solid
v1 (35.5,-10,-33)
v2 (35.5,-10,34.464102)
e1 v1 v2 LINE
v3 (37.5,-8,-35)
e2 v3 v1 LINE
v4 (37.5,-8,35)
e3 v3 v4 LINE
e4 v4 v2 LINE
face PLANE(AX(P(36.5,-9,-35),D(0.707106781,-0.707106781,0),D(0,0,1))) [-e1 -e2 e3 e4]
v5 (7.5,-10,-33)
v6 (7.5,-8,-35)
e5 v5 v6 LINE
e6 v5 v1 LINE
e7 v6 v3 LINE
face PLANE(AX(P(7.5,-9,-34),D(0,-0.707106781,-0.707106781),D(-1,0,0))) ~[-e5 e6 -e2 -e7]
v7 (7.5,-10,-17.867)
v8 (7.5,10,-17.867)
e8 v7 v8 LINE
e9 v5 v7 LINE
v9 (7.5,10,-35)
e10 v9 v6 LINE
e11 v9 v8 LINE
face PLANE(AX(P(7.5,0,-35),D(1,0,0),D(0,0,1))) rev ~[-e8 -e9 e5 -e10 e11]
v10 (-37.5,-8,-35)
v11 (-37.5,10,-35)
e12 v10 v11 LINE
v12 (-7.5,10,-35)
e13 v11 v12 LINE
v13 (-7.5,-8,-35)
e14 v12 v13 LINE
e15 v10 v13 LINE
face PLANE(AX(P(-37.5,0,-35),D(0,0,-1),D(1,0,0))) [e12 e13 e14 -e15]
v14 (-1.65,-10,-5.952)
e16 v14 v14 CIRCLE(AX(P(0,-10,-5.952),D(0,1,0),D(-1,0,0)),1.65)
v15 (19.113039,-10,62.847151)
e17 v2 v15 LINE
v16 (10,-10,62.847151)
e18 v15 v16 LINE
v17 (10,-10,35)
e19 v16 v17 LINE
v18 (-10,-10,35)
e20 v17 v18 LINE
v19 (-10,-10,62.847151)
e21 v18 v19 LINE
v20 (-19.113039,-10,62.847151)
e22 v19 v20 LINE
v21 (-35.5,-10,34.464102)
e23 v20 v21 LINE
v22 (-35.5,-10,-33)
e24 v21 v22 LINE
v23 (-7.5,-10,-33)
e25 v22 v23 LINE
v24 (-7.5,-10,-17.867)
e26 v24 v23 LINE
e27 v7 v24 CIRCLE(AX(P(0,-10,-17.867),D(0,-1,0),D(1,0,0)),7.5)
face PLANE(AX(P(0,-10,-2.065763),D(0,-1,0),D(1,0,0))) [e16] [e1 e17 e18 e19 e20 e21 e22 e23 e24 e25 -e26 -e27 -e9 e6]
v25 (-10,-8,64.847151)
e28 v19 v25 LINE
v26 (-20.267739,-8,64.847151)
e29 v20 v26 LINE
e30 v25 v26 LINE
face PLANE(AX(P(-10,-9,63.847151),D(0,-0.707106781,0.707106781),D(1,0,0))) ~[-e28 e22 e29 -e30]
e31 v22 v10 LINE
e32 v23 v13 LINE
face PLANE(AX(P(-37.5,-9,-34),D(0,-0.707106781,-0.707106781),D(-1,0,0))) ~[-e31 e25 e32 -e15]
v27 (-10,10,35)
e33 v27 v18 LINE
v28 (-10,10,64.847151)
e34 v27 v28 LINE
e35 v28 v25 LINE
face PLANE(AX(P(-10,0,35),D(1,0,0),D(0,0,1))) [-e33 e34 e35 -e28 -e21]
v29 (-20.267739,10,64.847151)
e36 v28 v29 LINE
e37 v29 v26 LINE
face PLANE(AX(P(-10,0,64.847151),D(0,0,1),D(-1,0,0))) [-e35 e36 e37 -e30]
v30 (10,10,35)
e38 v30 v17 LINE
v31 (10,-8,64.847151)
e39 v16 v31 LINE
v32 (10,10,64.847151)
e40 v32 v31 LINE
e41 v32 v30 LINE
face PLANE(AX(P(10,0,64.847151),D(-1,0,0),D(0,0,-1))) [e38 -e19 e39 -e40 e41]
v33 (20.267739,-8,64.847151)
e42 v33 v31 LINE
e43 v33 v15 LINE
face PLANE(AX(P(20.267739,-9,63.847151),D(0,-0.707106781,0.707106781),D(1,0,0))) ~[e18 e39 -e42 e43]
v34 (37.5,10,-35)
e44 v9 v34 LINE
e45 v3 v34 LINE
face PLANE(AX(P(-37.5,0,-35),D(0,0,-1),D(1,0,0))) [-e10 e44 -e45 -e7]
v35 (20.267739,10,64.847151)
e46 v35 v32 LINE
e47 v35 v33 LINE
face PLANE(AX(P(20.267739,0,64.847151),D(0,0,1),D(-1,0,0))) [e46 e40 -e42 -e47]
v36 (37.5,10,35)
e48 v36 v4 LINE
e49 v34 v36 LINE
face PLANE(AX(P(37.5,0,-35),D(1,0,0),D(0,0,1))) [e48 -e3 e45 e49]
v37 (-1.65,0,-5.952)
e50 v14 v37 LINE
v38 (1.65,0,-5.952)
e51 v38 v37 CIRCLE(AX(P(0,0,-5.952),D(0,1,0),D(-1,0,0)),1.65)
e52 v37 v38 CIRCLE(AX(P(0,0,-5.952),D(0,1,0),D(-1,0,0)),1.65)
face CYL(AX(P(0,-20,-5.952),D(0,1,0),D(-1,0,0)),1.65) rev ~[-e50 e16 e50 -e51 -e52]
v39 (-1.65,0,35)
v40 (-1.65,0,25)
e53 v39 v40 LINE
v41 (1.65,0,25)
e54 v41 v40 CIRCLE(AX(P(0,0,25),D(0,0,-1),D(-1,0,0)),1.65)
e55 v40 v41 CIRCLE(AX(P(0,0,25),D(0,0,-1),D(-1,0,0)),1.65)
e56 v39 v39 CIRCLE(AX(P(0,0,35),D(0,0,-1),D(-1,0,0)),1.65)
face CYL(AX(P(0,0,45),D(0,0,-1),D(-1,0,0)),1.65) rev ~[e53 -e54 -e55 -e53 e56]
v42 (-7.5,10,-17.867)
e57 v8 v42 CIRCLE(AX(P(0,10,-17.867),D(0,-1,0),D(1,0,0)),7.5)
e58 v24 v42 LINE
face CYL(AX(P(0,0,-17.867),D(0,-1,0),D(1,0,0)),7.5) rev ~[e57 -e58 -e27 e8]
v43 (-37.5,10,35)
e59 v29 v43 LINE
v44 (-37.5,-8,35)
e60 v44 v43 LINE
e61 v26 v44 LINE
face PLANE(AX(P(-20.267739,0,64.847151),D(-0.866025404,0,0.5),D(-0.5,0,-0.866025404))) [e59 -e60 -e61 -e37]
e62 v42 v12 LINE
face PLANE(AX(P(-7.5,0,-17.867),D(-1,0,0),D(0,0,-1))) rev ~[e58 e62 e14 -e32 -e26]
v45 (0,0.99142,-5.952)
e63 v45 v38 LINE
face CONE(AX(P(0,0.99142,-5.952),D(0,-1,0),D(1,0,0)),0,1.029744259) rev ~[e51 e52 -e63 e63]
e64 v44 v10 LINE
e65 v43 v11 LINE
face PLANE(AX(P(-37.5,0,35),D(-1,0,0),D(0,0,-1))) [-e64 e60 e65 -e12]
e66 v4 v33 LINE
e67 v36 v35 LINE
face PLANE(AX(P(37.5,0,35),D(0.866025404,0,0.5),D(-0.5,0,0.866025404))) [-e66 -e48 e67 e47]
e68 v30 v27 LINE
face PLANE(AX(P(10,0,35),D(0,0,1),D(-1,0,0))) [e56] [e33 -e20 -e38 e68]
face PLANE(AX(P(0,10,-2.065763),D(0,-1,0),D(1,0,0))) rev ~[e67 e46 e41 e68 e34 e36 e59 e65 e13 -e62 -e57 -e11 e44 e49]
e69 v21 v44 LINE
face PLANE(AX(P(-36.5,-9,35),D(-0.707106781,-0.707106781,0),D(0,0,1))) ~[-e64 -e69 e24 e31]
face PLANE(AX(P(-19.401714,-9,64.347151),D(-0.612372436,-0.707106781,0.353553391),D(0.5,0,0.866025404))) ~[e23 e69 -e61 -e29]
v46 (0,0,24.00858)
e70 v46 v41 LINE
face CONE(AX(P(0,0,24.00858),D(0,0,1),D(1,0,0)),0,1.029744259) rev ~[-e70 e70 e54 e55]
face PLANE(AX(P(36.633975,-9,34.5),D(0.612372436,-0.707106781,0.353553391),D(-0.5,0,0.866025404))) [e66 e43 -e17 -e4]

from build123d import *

# Parameters (mm, degrees)
F1_DEPTH = 10
F3_DEPTH = 25
F4_SIZE  = 2
F6_D     = 3.3
F6_DEPTH = 10
F6_TIP   = 0.9914200214
F8_D     = 3.3
F8_DEPTH = 10
F8_TIP   = 0.9914200214


with BuildPart() as f1:
    # F0 (on Front) → F1 (new body, symmetric)
    with BuildSketch(Plane.XZ):
        with BuildLine():
            Line((7.5, -35), (37.5, -35))
            Line((37.5, -35), (37.5, 35))
            Line((37.5, 35), (10, 35))
            Line((10, 35), (-10, 35))
            Line((-10, 35), (-37.5, 35))
            Line((-37.5, 35), (-37.5, -35))
            Line((-37.5, -35), (-7.5, -35))
            Line((-7.5, -35), (-7.5, -17.867))
            ThreePointArc((-7.5, -17.867), (0, -10.367), (7.5, -17.867))
            Line((7.5, -17.867), (7.5, -35))
        make_face()
        with BuildLine():
            Line((-7.5, -35), (7.5, -35))
            Line((7.5, -35), (7.5, -17.867))
            ThreePointArc((7.5, -17.867), (0, -10.367), (-7.5, -17.867))
            Line((-7.5, -17.867), (-7.5, -35))
        make_face()
        Polygon((10, 35), (37.5, 35), (20.2677392039, 64.8471512281), (10, 64.8471512281), align=None)
        Polygon((-37.5, 35), (-10, 35), (-10, 64.8471512281), (-20.2677392039, 64.8471512281), align=None)
    extrude(amount=F1_DEPTH, both=True)

    # F2 (on Front) → F3 (cut, symmetric)
    with BuildSketch(Plane.XZ):
        with BuildLine():
            Line((-7.5, -17.867), (-7.5, -35))
            Line((-7.5, -35), (7.5, -35))
            Line((7.5, -35), (7.5, -17.867))
            ThreePointArc((7.5, -17.867), (0, -10.367), (-7.5, -17.867))
        make_face()
    extrude(amount=F3_DEPTH, both=True, mode=Mode.SUBTRACT)

    # F4
    f4_edges = [f1.edges().sort_by_distance(p)[0] for p in [
        (37.5, -10, 0),
        (28.88387, -10, 49.923576),
        (22.5, -10, -35),
        (-22.5, -10, -35),
        (-37.5, -10, 0),
        (-28.88387, -10, 49.923576),
        (-15.13387, -10, 64.847151),
        (15.13387, -10, 64.847151),
    ]]
    chamfer(f4_edges, length=F4_SIZE)

    # F6
    with Locations(Plane.XZ.offset(10)):
        with Locations((0, -5.952)):
            Hole(F6_D / 2, depth=F6_DEPTH)
            with Locations((0, 0, -(F6_DEPTH + F6_TIP / 2))):  # 118° drill point
                Cone(0, F6_D / 2, F6_TIP, mode=Mode.SUBTRACT)

    # F8
    with Locations(Plane.XY.offset(35)):
        with Locations((0, 0)):
            Hole(F8_D / 2, depth=F8_DEPTH)
            with Locations((0, 0, -(F8_DEPTH + F8_TIP / 2))):  # 118° drill point
                Cone(0, F8_D / 2, F8_TIP, mode=Mode.SUBTRACT)


solid = f1.part
